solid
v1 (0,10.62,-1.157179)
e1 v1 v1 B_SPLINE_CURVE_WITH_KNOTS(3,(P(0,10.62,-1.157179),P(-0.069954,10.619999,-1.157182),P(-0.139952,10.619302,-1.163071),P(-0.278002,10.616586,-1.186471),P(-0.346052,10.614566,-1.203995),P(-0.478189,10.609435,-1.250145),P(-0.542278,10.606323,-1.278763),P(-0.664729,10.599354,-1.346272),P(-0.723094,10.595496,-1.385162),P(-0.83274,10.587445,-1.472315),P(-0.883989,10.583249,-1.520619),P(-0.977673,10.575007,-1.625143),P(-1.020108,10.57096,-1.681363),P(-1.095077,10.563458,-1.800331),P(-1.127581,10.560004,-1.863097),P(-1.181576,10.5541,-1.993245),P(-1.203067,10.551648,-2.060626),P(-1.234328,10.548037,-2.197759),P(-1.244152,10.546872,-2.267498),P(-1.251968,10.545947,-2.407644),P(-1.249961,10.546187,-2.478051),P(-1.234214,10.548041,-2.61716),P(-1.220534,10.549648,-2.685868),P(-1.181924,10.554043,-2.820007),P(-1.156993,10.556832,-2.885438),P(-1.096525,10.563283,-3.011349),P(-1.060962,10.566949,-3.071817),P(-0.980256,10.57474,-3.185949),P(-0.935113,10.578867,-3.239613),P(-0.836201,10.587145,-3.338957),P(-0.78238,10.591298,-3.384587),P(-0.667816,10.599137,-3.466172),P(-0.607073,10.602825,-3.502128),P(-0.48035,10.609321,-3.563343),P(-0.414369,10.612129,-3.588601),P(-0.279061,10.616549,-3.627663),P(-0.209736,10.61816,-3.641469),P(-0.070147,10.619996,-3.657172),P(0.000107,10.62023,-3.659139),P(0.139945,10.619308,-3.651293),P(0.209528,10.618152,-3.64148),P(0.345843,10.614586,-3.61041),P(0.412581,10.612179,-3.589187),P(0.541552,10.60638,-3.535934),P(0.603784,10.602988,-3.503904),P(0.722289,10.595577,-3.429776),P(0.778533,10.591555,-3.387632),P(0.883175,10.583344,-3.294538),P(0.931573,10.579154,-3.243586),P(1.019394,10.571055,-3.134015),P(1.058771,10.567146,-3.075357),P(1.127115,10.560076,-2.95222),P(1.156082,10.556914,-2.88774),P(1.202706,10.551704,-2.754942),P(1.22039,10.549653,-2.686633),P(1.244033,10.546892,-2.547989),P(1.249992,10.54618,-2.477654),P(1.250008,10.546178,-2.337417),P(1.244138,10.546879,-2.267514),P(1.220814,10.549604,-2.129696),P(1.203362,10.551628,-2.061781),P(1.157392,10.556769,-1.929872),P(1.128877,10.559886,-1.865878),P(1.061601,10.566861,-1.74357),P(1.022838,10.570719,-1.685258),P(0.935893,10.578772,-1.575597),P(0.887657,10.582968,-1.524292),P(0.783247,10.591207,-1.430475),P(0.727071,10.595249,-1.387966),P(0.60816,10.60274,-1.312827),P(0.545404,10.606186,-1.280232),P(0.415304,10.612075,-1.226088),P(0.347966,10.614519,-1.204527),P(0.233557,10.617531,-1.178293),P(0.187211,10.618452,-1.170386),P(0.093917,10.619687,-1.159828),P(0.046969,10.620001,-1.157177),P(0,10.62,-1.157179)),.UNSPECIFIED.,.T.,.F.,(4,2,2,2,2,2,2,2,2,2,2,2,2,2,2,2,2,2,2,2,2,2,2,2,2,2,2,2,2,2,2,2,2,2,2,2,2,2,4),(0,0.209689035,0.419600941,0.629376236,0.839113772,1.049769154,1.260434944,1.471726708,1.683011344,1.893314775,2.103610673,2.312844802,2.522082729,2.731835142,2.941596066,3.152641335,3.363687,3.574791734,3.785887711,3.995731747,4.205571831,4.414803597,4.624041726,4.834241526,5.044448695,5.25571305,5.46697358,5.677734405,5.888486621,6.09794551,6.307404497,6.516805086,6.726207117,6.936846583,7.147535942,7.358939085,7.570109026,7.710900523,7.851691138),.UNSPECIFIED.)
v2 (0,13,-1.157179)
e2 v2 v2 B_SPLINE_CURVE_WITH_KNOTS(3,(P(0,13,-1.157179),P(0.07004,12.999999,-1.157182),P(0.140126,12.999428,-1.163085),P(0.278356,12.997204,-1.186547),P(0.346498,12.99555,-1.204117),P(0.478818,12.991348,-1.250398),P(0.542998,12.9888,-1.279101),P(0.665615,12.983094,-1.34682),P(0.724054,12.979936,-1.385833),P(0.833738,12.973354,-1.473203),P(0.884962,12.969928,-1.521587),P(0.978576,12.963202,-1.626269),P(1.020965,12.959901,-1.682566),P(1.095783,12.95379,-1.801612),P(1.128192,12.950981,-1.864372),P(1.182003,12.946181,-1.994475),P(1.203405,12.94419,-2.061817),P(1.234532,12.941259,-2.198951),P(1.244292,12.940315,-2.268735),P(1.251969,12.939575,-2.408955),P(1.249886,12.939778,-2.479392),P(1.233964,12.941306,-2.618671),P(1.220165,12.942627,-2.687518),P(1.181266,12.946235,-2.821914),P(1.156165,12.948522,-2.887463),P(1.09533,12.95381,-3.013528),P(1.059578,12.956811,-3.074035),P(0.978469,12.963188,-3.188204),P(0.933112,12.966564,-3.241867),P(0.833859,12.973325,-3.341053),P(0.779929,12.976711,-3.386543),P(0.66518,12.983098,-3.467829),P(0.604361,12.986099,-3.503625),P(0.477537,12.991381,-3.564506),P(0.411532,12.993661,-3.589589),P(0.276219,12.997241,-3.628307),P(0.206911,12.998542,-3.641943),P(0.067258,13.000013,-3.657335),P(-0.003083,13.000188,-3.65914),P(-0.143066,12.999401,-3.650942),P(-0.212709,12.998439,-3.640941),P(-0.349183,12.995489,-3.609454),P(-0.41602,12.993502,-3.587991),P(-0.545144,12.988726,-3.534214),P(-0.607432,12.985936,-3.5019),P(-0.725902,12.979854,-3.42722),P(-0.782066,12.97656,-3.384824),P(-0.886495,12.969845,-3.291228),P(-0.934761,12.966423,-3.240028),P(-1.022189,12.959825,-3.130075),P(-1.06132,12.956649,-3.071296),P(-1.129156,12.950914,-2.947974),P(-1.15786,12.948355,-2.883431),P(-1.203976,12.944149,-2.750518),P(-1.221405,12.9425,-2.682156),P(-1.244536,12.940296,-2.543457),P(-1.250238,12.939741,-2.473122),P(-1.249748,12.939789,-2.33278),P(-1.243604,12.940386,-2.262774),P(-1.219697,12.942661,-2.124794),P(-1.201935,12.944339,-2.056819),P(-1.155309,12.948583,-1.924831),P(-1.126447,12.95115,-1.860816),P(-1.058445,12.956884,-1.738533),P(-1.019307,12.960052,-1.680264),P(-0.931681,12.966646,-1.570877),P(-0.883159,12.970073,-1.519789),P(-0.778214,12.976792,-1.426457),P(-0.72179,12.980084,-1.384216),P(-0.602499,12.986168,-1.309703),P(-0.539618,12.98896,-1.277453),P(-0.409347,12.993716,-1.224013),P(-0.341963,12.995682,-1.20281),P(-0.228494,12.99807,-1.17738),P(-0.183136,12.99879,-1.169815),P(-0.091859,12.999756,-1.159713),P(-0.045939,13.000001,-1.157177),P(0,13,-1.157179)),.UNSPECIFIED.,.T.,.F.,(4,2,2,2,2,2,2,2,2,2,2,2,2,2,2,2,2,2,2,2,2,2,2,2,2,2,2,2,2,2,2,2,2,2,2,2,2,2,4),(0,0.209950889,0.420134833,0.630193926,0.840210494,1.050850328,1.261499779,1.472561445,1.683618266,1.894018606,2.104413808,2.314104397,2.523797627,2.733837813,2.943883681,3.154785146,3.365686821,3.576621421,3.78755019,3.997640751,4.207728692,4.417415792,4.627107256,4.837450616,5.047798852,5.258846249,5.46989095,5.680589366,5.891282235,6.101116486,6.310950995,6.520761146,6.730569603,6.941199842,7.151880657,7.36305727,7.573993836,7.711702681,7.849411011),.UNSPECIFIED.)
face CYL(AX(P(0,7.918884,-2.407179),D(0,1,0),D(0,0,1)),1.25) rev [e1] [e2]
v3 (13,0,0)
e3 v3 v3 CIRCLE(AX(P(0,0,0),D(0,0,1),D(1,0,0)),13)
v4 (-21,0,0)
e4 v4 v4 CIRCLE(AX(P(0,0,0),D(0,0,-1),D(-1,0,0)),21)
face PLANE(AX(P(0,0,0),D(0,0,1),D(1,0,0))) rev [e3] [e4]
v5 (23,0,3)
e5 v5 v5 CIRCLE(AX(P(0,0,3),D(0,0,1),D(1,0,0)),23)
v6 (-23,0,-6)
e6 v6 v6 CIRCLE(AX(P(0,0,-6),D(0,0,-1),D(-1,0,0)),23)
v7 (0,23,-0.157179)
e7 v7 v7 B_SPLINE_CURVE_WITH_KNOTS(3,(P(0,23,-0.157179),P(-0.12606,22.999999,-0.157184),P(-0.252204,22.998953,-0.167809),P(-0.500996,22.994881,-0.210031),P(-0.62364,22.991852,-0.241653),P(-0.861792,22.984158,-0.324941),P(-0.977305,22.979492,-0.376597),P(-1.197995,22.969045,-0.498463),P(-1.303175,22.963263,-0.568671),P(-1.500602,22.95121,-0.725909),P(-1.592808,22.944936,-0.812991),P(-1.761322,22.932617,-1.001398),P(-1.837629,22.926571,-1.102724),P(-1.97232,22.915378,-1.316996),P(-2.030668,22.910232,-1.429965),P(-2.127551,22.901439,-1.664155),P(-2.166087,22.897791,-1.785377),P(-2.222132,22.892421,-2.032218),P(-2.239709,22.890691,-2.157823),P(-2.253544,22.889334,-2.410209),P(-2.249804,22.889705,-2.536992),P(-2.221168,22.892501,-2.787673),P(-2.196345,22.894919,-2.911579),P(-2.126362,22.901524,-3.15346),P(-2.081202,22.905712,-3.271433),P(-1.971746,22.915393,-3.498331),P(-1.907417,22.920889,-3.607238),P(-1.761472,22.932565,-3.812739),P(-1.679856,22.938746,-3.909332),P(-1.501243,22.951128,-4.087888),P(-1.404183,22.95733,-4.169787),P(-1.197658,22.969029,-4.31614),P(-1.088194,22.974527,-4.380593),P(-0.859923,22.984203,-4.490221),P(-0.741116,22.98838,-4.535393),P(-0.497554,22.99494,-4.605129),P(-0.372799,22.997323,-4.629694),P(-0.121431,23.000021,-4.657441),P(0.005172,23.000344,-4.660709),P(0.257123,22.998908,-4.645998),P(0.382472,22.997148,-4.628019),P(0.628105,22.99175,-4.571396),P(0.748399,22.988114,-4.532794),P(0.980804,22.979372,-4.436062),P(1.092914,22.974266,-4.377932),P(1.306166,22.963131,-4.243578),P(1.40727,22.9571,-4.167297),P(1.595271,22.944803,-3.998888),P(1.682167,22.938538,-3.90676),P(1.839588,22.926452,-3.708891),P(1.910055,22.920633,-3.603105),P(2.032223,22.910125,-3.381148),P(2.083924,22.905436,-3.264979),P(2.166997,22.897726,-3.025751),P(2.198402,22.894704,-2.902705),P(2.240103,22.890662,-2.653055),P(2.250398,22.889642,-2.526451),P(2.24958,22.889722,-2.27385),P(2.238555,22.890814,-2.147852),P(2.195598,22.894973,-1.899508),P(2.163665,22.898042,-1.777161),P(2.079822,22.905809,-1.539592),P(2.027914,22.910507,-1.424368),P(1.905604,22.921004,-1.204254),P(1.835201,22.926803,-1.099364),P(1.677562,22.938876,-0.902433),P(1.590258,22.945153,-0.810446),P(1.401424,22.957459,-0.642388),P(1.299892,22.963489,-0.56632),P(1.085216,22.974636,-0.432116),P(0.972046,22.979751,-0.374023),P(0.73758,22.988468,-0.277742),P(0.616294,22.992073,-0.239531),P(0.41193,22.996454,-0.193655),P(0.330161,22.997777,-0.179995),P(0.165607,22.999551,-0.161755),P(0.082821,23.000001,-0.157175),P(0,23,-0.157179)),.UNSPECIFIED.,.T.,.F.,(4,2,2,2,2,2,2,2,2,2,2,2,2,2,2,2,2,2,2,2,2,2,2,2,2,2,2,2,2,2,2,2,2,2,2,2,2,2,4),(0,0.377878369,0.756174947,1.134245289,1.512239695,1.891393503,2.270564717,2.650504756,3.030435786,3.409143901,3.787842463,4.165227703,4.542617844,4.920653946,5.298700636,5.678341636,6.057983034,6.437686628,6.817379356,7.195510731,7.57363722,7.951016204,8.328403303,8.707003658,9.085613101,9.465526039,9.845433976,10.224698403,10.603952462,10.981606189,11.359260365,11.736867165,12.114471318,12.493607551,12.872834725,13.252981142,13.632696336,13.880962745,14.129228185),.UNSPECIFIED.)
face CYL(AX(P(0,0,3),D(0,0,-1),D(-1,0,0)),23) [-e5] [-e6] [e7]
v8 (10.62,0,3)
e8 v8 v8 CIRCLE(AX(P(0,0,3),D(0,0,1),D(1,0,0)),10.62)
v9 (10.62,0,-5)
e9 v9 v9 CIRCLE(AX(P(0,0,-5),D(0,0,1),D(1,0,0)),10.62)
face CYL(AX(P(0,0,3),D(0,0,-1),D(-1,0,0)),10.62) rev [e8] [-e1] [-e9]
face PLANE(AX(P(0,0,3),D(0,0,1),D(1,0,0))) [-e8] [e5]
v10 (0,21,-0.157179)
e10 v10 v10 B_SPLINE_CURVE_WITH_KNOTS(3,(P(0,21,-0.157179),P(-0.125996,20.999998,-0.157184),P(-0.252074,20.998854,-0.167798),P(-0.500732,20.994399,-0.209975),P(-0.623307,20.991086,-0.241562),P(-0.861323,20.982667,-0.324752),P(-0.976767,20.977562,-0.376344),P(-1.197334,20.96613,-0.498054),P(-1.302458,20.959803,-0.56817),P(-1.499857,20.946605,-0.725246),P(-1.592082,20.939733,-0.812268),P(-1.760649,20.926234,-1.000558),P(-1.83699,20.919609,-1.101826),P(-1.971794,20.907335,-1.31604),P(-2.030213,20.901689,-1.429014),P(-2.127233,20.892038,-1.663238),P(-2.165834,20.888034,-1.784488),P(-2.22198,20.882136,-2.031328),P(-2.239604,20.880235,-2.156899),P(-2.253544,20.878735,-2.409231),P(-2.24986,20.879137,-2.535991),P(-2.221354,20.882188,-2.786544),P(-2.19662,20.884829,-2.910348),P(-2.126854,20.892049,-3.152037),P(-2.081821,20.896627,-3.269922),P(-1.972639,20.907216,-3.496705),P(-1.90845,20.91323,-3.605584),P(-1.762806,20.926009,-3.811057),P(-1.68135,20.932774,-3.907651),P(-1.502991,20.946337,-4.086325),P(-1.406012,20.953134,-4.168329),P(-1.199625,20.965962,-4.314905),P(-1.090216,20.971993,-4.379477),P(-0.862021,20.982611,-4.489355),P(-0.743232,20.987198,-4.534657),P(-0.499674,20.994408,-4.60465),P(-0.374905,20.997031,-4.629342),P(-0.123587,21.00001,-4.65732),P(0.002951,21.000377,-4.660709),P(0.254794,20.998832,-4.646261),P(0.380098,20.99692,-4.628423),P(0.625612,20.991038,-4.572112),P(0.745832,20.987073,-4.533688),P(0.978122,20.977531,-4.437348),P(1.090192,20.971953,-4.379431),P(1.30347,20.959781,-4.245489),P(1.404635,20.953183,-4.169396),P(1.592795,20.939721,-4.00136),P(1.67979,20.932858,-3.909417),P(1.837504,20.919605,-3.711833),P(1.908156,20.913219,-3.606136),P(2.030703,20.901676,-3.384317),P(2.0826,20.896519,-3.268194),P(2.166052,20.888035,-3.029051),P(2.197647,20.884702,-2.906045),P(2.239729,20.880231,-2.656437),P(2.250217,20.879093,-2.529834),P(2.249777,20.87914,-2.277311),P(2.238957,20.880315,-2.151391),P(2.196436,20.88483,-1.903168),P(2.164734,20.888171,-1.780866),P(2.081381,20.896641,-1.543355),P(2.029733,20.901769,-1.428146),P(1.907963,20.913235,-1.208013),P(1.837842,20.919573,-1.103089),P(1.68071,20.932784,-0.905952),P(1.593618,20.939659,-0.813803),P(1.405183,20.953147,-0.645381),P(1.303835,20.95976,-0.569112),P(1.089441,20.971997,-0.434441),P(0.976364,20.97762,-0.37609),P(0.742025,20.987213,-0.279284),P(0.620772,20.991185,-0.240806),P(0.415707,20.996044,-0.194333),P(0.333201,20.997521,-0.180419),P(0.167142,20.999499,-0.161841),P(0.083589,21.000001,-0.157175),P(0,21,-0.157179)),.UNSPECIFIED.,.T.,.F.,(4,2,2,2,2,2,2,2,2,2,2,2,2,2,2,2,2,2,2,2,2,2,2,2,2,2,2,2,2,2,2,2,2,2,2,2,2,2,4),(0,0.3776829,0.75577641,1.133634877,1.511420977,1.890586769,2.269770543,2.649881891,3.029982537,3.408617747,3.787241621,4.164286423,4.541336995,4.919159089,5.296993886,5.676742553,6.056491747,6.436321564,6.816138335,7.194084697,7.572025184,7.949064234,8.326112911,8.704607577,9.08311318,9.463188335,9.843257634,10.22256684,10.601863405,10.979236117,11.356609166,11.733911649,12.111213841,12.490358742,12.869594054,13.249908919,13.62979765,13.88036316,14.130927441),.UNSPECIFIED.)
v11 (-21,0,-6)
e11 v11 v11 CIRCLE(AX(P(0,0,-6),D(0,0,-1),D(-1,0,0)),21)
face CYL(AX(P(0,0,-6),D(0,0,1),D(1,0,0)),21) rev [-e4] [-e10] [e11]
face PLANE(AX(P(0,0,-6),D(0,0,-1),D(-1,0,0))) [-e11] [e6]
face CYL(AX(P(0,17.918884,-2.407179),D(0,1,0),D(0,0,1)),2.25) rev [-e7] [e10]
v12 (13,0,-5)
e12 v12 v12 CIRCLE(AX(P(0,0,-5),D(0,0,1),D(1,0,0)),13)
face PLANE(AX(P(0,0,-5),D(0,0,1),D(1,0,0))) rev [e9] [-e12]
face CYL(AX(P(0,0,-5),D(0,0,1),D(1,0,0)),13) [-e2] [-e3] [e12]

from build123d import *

# Parameters (mm, degrees)
SKETCH1_R           = 23
SKETCH1_R_2         = 10.62
BOSS_EXTRUDE1_DEPTH = 3
BOSS_EXTRUDE3_START = -8
SKETCH2_R           = 13
SKETCH2_R_2         = 10.62
BOSS_EXTRUDE3_DEPTH = 8
BOSS_EXTRUDE4_START = 6
SKETCH3_R           = 23
SKETCH3_R_2         = 21
BOSS_EXTRUDE4_DEPTH = 6
SKETCH4_R           = 1.25
CUT_EXTRUDE1_DEPTH  = 17
SKETCH4_3_R         = 2.25
CUT_EXTRUDE2_DEPTH  = 7


with BuildPart() as part:
    # Sketch1 → Boss-Extrude1 (new body)
    with BuildSketch(Plane.XY):
        Circle(SKETCH1_R)
        Circle(SKETCH1_R_2, mode=Mode.SUBTRACT)
    extrude(amount=BOSS_EXTRUDE1_DEPTH)

    # Sketch2 → Boss-Extrude3 (add)
    with BuildSketch(Plane.XY.offset(3).offset(BOSS_EXTRUDE3_START)):
        Circle(SKETCH2_R)
        Circle(SKETCH2_R_2, mode=Mode.SUBTRACT)
    extrude(amount=BOSS_EXTRUDE3_DEPTH)

    # Sketch3 → Boss-Extrude4 (add)
    with BuildSketch(Plane(origin=(0, 0, 0), x_dir=(-1, 0, 0), z_dir=(0, 0, -1)).offset(BOSS_EXTRUDE4_START)):
        Circle(SKETCH3_R)
        Circle(SKETCH3_R_2, mode=Mode.SUBTRACT)
    extrude(amount=-BOSS_EXTRUDE4_DEPTH)

    # Sketch4 → Cut-Extrude1 (cut)
    with BuildSketch(Plane(origin=(0, 24.918884167, 0), x_dir=(1, 0, 0), z_dir=(0, 1, 0))):
        with Locations((0, 2.407178774)):
            Circle(SKETCH4_R)
    extrude(amount=-CUT_EXTRUDE1_DEPTH, mode=Mode.SUBTRACT)

    # Sketch4<3> → Cut-Extrude2 (cut)
    with BuildSketch(Plane(origin=(0, 24.918884167, 0), x_dir=(1, 0, 0), z_dir=(0, 1, 0))):
        with Locations((0, 2.407178774)):
            Circle(SKETCH4_3_R)
    extrude(amount=-CUT_EXTRUDE2_DEPTH, mode=Mode.SUBTRACT)


solid = part.part
